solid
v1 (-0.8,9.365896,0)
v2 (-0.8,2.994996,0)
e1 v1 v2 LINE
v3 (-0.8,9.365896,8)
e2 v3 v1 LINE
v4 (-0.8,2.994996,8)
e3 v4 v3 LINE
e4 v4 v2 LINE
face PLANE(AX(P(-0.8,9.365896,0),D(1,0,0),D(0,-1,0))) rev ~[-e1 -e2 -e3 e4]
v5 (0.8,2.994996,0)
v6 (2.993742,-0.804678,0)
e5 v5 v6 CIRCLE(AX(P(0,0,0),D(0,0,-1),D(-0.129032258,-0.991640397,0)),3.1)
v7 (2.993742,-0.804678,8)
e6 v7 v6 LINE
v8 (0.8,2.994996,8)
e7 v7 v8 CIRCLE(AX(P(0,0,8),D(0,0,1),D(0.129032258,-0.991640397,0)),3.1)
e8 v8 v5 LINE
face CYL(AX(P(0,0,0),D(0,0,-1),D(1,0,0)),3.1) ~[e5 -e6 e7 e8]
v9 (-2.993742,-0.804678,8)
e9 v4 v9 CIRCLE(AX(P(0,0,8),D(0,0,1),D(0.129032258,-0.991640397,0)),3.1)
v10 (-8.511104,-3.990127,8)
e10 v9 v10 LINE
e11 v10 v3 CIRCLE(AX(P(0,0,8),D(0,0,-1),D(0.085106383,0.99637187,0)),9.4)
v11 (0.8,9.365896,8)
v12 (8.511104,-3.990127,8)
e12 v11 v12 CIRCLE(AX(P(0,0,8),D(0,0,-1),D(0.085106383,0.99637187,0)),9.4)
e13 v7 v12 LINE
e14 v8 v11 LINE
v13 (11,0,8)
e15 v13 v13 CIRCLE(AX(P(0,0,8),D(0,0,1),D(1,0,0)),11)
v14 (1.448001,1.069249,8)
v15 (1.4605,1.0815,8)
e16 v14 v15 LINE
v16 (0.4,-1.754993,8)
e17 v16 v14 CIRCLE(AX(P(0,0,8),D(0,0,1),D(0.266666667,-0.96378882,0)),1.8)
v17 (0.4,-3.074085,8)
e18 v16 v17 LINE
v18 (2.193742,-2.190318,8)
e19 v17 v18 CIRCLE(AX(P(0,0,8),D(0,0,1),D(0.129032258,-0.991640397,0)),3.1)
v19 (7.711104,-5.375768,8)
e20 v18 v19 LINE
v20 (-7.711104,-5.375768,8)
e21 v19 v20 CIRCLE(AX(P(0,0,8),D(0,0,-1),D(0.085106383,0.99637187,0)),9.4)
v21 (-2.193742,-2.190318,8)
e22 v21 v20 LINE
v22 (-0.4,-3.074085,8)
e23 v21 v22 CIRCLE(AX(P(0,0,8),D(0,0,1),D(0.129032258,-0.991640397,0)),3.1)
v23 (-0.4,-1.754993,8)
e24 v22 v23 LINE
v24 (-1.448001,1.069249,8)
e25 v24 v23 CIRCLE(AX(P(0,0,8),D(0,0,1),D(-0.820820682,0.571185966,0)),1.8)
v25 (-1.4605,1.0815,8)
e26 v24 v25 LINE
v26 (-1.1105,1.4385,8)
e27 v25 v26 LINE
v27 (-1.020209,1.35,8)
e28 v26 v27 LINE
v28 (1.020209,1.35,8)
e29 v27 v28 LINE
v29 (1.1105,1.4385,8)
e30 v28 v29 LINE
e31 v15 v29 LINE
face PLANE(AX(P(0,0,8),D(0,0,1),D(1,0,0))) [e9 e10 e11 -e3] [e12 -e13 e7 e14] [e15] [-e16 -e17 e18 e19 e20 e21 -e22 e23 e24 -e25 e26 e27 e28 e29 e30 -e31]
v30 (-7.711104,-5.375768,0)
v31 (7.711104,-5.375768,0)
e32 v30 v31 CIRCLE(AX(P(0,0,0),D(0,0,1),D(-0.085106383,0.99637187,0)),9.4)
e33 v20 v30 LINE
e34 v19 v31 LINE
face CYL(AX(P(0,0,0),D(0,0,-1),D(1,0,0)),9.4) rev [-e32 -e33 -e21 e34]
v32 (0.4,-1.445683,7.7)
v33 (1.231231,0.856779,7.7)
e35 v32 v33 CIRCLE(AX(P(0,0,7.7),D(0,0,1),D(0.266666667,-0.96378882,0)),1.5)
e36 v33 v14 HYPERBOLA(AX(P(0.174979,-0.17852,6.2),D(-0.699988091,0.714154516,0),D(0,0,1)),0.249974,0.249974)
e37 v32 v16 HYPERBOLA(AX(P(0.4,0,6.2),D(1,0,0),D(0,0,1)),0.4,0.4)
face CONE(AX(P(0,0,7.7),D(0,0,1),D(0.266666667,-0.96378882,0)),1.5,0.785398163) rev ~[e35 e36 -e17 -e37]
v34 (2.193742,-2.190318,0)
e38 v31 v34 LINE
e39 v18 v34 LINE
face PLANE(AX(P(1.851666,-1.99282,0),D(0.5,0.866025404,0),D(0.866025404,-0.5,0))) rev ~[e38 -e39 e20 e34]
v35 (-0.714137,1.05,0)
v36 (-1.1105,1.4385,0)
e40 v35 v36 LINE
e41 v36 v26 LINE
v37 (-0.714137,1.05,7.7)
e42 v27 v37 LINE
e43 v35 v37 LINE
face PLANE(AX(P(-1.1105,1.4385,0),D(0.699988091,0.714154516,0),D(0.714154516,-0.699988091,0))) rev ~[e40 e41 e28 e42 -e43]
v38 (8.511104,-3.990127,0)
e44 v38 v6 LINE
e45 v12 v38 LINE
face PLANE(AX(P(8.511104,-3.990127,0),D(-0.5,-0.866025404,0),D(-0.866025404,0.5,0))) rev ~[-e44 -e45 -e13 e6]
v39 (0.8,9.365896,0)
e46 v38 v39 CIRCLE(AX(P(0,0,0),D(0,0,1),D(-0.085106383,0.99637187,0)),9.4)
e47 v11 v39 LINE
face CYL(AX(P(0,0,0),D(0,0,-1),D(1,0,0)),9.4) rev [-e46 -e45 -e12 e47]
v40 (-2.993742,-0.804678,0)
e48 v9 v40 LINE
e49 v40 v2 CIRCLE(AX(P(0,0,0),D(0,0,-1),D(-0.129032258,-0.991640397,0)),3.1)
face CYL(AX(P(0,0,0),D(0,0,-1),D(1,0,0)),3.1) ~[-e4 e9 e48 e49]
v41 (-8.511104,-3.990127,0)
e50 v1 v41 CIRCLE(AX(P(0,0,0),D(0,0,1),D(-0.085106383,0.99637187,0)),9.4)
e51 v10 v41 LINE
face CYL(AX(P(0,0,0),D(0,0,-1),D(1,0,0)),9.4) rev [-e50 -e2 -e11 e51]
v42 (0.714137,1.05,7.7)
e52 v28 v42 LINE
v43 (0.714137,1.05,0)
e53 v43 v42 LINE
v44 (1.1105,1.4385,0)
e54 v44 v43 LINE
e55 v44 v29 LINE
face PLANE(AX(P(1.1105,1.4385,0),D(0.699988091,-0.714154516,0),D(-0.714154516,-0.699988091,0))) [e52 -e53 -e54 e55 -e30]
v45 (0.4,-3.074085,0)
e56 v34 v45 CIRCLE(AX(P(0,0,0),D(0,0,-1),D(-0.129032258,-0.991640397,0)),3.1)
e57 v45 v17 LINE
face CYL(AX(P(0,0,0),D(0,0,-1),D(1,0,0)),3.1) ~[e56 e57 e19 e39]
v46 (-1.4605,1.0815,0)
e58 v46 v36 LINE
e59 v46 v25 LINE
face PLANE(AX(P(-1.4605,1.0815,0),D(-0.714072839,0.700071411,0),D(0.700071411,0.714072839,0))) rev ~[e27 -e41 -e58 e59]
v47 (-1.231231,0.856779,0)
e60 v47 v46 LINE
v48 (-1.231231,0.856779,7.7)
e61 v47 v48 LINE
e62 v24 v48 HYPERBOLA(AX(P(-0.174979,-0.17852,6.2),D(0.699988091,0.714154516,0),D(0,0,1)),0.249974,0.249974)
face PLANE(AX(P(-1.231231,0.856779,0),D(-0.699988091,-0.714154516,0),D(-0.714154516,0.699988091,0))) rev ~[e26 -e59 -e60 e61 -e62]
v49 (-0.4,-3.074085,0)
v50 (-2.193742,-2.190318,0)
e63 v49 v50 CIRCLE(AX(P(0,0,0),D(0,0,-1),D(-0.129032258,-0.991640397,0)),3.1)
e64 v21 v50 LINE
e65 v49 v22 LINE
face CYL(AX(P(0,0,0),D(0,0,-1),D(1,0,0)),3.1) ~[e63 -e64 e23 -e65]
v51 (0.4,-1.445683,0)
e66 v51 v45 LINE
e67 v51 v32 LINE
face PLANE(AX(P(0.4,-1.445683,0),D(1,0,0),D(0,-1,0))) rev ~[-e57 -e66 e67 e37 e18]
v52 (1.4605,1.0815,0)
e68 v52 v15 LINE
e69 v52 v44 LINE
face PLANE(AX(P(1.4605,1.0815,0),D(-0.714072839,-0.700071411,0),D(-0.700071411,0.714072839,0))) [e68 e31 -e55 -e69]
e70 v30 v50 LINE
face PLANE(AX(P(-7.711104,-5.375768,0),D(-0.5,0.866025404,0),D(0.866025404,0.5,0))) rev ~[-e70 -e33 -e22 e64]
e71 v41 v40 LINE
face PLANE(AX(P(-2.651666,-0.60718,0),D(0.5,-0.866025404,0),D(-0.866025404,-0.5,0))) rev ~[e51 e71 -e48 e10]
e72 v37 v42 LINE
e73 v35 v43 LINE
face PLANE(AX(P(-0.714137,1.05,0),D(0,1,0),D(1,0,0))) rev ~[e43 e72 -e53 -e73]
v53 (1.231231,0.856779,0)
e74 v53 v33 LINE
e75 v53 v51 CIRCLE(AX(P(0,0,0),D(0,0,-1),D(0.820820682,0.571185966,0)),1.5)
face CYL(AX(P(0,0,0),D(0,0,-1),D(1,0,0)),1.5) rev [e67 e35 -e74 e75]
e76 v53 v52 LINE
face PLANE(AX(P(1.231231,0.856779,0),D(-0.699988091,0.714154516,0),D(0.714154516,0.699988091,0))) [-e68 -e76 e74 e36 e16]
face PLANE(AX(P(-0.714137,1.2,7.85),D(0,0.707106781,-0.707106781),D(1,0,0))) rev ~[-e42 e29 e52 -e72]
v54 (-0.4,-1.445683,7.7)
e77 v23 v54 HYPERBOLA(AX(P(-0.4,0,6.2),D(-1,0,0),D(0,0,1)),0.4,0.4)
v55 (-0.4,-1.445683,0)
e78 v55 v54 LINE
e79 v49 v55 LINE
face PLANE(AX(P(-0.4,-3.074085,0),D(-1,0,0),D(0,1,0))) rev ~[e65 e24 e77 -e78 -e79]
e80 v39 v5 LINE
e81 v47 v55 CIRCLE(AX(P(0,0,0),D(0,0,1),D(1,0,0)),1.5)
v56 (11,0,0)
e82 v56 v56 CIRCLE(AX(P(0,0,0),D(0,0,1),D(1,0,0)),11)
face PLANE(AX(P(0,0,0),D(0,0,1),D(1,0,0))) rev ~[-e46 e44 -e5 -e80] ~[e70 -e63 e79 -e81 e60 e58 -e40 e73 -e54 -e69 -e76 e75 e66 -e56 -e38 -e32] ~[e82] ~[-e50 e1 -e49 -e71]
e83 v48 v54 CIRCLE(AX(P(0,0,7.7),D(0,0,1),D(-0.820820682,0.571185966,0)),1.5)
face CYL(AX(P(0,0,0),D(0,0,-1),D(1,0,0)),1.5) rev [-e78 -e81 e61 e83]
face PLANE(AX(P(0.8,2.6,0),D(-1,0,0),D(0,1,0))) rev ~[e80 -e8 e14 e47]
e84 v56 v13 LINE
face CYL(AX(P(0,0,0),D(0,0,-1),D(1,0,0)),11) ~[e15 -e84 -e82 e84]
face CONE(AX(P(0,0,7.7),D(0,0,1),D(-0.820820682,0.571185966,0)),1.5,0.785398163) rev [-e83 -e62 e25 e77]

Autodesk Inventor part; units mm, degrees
ref_plane "YZ Plane" through (0, 0, 0) normal (1, 0, 0) x (0, 1, 0)
ref_plane "XZ Plane" through (0, 0, 0) normal (0, 1, 0) x (-1, 0, 0)
ref_plane "XY Plane" through (0, 0, 0) normal (0, 0, 1) x (1, 0, 0)
sketch "スケッチ1" plane through (0, 0, 0) normal (0, 0, 1) x (1, 0, 0)
  circle A0 centre (0, 0) radius 1.5
  circle A1 centre (0, 0) radius 3.1
  line L0 (-0.4, 0) -> (0.4, 0)
  line L1 (0.4, 0) -> (0.4, -3.1)
  line L2 (0.4, -3.1) -> (-0.4, -3.1)
  line L3 (-0.4, -3.1) -> (-0.4, 0)
  line L4 (-1.0712, 1.05) -> (1.0712, 1.05)
  circle A2 centre (0, 0) radius 11
  circle A3 centre (0, 0) radius 9.4
  line L5 (-1.4605, 1.0815) -> (-1.1105, 1.4385)
  line L6 (-1.1105, 1.4385) -> (0.175, 0.1785)
  line L7 (0.175, 0.1785) -> (-0.175, -0.1785)
  line L8 (-0.175, -0.1785) -> (-1.4605, 1.0815)
  line L9 (1.4605, 1.0815) -> (1.1105, 1.4385)
  line L10 (1.1105, 1.4385) -> (-0.175, 0.1785)
  line L11 (-0.175, 0.1785) -> (0.175, -0.1785)
  line L12 (0.175, -0.1785) -> (1.4605, 1.0815)
  line L13 (0, 0) -> (-1.0712, 1.05) construction
  line L14 (1.0712, 1.05) -> (0, 0) construction
  point P0 (0.4, -1.4457)
  point P1 (0.4, -3.0741)
  point P2 (-0.4, -3.0741)
  point P3 (-0.4, -1.4457)
  point P4 (-0.7141, 1.05)
  point P5 (0.7141, 1.05)
  point P6 (1.2312, 0.8568)
  point P7 (-1.2312, 0.8568)
  dimension "SHAFT_D" = 3
  dimension "SLIT" = 0.8
  dimension "HUB_THIN" = 1.6
  dimension "d3" = 1.05
  dimension "WHEEL_D" = 22
  dimension "d5" = 1.6
  dimension "d18" = 0.5
  dimension "d19" = 1.8
extrude "ハブ＆リム" add sketch "スケッチ1" along normal blind 8 contours A0 L12 L9 L10 L6 L5 L8 L3 A1 L1 | L10 L4 L6 A0 | A2
sketch "スケッチ2" plane through (0, 0, 0) normal (0, 0, 1) x (1, 0, 0)
  line L0 (-0.8, 2.6) -> (0.8, 2.6)
  line L1 (0.8, 2.6) -> (0.8, 9.4)
  line L2 (0.8, 9.4) -> (-0.8, 9.4)
  line L3 (-0.8, 9.4) -> (-0.8, 2.6)
  circle A0 centre (0, 0) radius 9.4 projected
  point P0 (0, 9.4)
  dimension "d8" = 1.6
  dimension "d9" = 2.6
extrude "スポーク" add sketch "スケッチ2" along normal up to surface (8 mm away) contours L3 A0 L1 L0 | L3 L2 A0 | A0 L2 L1 picked at (0, 4.8667)
pattern_circular "円形状パターン1" count 3 over 360 about axis through (0, 0, -10) along (0, 0, 1) of "スポーク"
chamfer "面取り1" distance 0.3 angle 45 3 edges at (-1.4109, -0.5094, 8) (0, 1.05, 8) (1.4109, -0.5094, 8)
equation "\"d5\" = HUB_THIN"
properties part number "D-Shaft_Wheel3"
